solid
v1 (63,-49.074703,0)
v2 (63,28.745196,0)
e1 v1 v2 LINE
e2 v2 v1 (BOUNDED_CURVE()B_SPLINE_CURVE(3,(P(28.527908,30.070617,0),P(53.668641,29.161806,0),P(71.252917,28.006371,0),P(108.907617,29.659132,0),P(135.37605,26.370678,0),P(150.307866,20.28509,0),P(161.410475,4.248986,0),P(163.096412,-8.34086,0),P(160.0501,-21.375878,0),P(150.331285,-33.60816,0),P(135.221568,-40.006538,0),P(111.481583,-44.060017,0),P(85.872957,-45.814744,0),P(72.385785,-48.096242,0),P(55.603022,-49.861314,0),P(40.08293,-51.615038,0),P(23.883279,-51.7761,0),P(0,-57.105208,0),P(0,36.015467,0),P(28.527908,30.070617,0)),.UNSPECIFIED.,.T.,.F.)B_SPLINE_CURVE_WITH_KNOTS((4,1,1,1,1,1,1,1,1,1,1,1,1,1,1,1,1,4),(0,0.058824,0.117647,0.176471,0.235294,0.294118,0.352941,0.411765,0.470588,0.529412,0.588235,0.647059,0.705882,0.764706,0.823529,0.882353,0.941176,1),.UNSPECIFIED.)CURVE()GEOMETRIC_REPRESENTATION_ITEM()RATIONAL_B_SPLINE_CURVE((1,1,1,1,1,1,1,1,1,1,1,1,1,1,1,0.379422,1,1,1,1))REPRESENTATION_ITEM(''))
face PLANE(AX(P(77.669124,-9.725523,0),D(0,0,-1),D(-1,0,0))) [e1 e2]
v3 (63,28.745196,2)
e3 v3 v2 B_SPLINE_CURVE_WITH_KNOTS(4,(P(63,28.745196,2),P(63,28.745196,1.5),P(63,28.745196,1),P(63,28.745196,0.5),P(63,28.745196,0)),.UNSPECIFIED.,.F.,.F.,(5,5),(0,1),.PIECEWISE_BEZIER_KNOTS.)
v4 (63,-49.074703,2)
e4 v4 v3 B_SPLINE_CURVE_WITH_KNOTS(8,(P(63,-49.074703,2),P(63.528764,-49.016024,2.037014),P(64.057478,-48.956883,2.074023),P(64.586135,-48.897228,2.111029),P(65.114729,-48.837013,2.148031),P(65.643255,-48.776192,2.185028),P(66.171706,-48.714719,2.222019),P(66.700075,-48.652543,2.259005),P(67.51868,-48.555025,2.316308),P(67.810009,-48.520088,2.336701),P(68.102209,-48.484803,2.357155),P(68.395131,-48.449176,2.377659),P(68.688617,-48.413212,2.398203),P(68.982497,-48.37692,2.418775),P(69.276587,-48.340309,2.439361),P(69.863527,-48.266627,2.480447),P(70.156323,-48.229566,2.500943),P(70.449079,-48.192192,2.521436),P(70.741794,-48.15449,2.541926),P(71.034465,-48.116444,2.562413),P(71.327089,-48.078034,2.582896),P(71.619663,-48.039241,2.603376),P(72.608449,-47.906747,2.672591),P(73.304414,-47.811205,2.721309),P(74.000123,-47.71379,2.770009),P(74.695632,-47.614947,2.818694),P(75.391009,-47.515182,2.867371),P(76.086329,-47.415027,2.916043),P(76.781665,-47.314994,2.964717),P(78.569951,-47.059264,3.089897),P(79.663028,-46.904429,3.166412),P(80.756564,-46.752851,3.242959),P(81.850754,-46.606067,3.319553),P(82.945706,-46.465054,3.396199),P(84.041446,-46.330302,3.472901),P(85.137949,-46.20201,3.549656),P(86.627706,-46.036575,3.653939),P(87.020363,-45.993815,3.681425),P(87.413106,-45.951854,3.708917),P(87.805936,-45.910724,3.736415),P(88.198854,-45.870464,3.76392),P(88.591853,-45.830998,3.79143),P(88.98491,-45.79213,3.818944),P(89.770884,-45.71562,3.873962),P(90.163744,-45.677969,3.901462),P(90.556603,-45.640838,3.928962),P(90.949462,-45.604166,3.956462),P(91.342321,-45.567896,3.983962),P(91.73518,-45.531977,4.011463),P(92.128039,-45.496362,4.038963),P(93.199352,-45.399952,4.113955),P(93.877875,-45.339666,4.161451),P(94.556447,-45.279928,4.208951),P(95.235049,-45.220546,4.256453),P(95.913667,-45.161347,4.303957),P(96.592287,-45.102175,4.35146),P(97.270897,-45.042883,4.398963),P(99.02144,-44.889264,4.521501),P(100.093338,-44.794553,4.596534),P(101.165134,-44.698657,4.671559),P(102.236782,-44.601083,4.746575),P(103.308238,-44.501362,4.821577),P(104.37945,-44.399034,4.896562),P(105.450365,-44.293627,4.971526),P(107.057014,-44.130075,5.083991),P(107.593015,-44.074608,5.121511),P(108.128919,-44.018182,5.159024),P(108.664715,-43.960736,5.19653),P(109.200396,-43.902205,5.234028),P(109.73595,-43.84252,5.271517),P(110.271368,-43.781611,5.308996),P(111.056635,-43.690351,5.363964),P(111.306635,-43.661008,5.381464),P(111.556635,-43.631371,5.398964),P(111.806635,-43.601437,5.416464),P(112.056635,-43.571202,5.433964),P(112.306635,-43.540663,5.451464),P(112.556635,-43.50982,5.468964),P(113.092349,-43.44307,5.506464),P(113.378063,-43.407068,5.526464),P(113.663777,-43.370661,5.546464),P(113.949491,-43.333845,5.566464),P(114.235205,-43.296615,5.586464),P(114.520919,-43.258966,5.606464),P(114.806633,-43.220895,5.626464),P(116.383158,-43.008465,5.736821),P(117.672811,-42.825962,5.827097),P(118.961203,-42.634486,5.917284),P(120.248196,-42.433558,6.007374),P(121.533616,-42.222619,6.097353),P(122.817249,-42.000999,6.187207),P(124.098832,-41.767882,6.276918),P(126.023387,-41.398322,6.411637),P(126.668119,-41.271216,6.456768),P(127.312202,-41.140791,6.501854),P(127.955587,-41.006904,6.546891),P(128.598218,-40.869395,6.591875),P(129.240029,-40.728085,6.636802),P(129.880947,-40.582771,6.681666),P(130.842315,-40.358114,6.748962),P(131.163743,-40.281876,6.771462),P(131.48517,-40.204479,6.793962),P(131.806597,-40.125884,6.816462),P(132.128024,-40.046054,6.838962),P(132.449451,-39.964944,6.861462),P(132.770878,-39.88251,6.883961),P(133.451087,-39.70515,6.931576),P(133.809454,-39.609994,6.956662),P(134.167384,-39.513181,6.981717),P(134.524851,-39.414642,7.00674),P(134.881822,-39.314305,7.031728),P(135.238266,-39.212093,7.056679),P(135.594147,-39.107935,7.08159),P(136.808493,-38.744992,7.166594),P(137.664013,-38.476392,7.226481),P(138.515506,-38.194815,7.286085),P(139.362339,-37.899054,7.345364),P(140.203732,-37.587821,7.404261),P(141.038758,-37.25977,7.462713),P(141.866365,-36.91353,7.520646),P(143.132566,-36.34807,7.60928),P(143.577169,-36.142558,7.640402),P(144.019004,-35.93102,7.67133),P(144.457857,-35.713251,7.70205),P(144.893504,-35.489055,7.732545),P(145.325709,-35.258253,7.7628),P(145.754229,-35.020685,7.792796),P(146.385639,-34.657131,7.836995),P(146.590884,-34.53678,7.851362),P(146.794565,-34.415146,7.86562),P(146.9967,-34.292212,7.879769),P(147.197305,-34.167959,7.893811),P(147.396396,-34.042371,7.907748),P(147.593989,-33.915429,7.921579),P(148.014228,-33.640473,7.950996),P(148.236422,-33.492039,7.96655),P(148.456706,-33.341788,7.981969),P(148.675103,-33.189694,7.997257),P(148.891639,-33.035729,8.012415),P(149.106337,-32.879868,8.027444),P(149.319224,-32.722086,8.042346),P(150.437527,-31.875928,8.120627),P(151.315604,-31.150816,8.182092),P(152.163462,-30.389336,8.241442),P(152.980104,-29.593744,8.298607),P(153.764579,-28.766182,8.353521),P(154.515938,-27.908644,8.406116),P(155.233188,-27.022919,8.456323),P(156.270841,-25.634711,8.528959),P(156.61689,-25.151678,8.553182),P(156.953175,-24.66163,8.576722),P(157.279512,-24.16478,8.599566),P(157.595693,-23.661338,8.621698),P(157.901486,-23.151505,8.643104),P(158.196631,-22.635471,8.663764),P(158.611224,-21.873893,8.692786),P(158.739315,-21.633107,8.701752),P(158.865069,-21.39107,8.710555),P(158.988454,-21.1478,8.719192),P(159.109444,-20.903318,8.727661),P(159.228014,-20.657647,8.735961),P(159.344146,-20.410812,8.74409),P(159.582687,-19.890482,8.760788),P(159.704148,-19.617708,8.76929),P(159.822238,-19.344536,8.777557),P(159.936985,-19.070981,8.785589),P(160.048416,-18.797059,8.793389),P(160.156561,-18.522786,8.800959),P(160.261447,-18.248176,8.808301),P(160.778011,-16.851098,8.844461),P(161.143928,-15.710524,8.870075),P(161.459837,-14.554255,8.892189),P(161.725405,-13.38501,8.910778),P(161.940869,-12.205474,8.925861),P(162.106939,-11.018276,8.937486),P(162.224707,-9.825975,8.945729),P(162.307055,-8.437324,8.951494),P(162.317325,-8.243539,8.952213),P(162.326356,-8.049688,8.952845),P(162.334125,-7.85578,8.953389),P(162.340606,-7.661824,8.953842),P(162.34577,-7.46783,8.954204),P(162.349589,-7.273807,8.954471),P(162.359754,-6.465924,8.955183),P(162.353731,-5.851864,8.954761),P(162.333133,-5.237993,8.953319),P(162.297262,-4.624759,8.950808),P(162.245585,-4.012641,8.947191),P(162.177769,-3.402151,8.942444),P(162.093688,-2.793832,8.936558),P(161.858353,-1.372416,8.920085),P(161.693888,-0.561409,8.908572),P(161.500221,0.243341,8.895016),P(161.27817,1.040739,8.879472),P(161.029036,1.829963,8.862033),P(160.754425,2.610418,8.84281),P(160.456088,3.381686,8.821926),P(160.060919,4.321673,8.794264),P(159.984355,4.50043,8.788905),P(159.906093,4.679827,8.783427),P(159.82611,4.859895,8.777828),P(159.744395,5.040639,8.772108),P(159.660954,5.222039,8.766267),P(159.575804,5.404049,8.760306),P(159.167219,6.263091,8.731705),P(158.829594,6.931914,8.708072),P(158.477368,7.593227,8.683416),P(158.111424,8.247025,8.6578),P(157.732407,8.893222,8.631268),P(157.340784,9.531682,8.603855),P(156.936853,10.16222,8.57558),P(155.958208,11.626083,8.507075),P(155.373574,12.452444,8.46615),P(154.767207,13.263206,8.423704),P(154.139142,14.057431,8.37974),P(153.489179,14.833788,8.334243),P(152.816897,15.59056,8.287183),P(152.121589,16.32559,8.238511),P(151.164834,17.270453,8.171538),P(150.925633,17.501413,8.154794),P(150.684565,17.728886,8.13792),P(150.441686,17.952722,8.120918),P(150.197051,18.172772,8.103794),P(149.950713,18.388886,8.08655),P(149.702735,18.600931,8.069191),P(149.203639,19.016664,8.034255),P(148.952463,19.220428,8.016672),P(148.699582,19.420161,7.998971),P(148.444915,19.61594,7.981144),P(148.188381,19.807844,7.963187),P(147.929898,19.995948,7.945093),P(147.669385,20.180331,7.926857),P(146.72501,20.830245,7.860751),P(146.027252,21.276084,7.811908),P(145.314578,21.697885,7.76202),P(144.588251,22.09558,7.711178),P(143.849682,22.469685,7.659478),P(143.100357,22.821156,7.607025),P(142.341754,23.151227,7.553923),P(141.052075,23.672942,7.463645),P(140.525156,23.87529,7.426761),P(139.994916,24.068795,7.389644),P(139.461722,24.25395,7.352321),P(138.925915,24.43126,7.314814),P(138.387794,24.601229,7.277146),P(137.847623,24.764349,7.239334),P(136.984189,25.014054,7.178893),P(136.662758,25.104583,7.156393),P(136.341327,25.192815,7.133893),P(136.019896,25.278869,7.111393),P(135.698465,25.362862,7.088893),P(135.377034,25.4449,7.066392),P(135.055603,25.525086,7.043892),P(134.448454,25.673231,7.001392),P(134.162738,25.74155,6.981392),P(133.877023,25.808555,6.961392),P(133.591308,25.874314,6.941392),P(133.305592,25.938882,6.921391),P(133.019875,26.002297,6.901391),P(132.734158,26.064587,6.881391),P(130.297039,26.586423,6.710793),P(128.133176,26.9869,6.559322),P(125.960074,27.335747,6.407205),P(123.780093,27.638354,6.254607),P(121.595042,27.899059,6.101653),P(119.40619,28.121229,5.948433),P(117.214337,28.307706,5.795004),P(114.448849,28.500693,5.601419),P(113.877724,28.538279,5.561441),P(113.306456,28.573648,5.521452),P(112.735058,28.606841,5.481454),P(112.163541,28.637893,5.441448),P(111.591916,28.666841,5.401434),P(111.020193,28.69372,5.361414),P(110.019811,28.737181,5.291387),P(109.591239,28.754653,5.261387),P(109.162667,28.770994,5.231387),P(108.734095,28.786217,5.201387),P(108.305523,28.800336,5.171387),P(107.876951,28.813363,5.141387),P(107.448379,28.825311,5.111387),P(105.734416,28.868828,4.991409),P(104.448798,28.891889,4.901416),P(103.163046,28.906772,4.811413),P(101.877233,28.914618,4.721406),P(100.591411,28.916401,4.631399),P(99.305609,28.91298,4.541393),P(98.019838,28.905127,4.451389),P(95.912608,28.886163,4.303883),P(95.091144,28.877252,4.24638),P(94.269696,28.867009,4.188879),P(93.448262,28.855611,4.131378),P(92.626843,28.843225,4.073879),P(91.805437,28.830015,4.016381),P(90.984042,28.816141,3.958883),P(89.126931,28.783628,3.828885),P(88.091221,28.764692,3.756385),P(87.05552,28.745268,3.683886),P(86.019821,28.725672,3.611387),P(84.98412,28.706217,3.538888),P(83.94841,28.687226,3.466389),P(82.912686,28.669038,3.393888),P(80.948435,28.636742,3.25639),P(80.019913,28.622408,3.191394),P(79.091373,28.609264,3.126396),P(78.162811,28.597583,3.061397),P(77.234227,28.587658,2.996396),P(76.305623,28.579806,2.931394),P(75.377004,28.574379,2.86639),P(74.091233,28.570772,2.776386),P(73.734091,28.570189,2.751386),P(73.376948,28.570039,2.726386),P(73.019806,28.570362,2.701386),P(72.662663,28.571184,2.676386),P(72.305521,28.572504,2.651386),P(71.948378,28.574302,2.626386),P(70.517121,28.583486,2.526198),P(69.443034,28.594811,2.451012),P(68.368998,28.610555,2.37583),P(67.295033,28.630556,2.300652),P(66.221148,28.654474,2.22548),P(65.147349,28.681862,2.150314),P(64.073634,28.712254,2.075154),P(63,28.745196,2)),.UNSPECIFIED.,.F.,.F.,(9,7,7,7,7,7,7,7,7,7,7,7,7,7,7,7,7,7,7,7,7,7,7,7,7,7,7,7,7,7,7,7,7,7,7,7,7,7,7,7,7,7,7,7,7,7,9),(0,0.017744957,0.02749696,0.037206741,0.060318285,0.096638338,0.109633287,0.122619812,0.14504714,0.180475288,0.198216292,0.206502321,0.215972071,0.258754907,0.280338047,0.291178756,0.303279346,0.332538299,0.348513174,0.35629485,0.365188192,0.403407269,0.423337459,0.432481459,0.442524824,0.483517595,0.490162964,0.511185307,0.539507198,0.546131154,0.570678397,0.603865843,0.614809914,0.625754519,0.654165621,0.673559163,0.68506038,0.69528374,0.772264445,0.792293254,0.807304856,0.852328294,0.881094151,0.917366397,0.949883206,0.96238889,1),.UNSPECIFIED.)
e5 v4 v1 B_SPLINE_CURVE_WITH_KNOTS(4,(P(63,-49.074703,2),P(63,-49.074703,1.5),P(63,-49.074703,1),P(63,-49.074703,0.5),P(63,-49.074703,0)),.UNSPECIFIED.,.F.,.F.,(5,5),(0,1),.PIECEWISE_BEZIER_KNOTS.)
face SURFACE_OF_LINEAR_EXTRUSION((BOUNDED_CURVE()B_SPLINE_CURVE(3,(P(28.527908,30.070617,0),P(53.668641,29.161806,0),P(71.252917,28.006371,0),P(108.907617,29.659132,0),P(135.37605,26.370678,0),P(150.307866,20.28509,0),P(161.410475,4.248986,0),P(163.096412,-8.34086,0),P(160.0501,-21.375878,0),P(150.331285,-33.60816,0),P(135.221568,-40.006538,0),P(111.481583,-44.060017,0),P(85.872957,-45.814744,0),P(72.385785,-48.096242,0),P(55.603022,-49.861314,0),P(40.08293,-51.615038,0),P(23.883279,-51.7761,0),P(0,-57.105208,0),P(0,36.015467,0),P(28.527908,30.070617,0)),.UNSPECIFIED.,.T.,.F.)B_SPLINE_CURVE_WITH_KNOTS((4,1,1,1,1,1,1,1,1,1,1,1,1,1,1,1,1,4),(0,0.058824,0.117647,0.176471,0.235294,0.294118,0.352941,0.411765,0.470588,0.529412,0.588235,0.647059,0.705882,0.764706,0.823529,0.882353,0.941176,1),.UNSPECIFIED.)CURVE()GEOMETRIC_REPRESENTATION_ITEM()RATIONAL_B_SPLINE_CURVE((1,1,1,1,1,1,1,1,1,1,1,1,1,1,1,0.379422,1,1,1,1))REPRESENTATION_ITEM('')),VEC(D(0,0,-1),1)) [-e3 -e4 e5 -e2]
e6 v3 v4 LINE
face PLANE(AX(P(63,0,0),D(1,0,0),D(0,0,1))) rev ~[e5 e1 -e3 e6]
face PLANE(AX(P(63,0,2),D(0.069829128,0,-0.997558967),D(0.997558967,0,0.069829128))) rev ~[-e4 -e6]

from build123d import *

# Parameters (mm, degrees)
EXTRUDE001_DEPTH = 50
EXTRUDE_DEPTH    = 20


with BuildPart() as extrude001:
    # Sketch001 → Extrude001 (new body, symmetric)
    with BuildSketch(Plane.XZ):
        Polygon((163, 9), (163, 0), (63, 0), (63, 2), align=None)
    extrude(amount=EXTRUDE001_DEPTH, both=True)


with BuildPart() as sole_common:
    # Sketch → Extrude (new body)
    with BuildSketch(Plane.XY):
        with BuildLine():
            add(Edge.make_bspline(
                [(28.527908, 30.070617), (53.668641, 29.161806), (71.252917, 28.006371), (108.907617, 29.659132), (135.37605, 26.370678), (150.307866, 20.28509), (161.410475, 4.248986), (163.096412, -8.34086), (160.0501, -21.375878), (150.331285, -33.60816), (135.221568, -40.006538), (111.481583, -44.060017), (85.872957, -45.814744), (72.385785, -48.096242), (55.603022, -49.861314), (40.08293, -51.615038), (23.883279, -51.7761), (0, -57.105208), (0, 36.015467), (28.527908, 30.070617)],
                knots=[0, 0, 0, 0, 0.058824, 0.117647, 0.176471, 0.235294, 0.294118, 0.352941, 0.411765, 0.470588, 0.529412, 0.588235, 0.647059, 0.705882, 0.764706, 0.823529, 0.882353, 0.941176, 1, 1, 1, 1], degree=3, weights=[1, 1, 1, 1, 1, 1, 1, 1, 1, 1, 1, 1, 1, 1, 1, 0.379422, 1, 1, 1, 1]))
        make_face()
    extrude(amount=EXTRUDE_DEPTH)

    # Common: intersect Extrude001
    add(extrude001.part, mode=Mode.INTERSECT)


solid = sole_common.part
